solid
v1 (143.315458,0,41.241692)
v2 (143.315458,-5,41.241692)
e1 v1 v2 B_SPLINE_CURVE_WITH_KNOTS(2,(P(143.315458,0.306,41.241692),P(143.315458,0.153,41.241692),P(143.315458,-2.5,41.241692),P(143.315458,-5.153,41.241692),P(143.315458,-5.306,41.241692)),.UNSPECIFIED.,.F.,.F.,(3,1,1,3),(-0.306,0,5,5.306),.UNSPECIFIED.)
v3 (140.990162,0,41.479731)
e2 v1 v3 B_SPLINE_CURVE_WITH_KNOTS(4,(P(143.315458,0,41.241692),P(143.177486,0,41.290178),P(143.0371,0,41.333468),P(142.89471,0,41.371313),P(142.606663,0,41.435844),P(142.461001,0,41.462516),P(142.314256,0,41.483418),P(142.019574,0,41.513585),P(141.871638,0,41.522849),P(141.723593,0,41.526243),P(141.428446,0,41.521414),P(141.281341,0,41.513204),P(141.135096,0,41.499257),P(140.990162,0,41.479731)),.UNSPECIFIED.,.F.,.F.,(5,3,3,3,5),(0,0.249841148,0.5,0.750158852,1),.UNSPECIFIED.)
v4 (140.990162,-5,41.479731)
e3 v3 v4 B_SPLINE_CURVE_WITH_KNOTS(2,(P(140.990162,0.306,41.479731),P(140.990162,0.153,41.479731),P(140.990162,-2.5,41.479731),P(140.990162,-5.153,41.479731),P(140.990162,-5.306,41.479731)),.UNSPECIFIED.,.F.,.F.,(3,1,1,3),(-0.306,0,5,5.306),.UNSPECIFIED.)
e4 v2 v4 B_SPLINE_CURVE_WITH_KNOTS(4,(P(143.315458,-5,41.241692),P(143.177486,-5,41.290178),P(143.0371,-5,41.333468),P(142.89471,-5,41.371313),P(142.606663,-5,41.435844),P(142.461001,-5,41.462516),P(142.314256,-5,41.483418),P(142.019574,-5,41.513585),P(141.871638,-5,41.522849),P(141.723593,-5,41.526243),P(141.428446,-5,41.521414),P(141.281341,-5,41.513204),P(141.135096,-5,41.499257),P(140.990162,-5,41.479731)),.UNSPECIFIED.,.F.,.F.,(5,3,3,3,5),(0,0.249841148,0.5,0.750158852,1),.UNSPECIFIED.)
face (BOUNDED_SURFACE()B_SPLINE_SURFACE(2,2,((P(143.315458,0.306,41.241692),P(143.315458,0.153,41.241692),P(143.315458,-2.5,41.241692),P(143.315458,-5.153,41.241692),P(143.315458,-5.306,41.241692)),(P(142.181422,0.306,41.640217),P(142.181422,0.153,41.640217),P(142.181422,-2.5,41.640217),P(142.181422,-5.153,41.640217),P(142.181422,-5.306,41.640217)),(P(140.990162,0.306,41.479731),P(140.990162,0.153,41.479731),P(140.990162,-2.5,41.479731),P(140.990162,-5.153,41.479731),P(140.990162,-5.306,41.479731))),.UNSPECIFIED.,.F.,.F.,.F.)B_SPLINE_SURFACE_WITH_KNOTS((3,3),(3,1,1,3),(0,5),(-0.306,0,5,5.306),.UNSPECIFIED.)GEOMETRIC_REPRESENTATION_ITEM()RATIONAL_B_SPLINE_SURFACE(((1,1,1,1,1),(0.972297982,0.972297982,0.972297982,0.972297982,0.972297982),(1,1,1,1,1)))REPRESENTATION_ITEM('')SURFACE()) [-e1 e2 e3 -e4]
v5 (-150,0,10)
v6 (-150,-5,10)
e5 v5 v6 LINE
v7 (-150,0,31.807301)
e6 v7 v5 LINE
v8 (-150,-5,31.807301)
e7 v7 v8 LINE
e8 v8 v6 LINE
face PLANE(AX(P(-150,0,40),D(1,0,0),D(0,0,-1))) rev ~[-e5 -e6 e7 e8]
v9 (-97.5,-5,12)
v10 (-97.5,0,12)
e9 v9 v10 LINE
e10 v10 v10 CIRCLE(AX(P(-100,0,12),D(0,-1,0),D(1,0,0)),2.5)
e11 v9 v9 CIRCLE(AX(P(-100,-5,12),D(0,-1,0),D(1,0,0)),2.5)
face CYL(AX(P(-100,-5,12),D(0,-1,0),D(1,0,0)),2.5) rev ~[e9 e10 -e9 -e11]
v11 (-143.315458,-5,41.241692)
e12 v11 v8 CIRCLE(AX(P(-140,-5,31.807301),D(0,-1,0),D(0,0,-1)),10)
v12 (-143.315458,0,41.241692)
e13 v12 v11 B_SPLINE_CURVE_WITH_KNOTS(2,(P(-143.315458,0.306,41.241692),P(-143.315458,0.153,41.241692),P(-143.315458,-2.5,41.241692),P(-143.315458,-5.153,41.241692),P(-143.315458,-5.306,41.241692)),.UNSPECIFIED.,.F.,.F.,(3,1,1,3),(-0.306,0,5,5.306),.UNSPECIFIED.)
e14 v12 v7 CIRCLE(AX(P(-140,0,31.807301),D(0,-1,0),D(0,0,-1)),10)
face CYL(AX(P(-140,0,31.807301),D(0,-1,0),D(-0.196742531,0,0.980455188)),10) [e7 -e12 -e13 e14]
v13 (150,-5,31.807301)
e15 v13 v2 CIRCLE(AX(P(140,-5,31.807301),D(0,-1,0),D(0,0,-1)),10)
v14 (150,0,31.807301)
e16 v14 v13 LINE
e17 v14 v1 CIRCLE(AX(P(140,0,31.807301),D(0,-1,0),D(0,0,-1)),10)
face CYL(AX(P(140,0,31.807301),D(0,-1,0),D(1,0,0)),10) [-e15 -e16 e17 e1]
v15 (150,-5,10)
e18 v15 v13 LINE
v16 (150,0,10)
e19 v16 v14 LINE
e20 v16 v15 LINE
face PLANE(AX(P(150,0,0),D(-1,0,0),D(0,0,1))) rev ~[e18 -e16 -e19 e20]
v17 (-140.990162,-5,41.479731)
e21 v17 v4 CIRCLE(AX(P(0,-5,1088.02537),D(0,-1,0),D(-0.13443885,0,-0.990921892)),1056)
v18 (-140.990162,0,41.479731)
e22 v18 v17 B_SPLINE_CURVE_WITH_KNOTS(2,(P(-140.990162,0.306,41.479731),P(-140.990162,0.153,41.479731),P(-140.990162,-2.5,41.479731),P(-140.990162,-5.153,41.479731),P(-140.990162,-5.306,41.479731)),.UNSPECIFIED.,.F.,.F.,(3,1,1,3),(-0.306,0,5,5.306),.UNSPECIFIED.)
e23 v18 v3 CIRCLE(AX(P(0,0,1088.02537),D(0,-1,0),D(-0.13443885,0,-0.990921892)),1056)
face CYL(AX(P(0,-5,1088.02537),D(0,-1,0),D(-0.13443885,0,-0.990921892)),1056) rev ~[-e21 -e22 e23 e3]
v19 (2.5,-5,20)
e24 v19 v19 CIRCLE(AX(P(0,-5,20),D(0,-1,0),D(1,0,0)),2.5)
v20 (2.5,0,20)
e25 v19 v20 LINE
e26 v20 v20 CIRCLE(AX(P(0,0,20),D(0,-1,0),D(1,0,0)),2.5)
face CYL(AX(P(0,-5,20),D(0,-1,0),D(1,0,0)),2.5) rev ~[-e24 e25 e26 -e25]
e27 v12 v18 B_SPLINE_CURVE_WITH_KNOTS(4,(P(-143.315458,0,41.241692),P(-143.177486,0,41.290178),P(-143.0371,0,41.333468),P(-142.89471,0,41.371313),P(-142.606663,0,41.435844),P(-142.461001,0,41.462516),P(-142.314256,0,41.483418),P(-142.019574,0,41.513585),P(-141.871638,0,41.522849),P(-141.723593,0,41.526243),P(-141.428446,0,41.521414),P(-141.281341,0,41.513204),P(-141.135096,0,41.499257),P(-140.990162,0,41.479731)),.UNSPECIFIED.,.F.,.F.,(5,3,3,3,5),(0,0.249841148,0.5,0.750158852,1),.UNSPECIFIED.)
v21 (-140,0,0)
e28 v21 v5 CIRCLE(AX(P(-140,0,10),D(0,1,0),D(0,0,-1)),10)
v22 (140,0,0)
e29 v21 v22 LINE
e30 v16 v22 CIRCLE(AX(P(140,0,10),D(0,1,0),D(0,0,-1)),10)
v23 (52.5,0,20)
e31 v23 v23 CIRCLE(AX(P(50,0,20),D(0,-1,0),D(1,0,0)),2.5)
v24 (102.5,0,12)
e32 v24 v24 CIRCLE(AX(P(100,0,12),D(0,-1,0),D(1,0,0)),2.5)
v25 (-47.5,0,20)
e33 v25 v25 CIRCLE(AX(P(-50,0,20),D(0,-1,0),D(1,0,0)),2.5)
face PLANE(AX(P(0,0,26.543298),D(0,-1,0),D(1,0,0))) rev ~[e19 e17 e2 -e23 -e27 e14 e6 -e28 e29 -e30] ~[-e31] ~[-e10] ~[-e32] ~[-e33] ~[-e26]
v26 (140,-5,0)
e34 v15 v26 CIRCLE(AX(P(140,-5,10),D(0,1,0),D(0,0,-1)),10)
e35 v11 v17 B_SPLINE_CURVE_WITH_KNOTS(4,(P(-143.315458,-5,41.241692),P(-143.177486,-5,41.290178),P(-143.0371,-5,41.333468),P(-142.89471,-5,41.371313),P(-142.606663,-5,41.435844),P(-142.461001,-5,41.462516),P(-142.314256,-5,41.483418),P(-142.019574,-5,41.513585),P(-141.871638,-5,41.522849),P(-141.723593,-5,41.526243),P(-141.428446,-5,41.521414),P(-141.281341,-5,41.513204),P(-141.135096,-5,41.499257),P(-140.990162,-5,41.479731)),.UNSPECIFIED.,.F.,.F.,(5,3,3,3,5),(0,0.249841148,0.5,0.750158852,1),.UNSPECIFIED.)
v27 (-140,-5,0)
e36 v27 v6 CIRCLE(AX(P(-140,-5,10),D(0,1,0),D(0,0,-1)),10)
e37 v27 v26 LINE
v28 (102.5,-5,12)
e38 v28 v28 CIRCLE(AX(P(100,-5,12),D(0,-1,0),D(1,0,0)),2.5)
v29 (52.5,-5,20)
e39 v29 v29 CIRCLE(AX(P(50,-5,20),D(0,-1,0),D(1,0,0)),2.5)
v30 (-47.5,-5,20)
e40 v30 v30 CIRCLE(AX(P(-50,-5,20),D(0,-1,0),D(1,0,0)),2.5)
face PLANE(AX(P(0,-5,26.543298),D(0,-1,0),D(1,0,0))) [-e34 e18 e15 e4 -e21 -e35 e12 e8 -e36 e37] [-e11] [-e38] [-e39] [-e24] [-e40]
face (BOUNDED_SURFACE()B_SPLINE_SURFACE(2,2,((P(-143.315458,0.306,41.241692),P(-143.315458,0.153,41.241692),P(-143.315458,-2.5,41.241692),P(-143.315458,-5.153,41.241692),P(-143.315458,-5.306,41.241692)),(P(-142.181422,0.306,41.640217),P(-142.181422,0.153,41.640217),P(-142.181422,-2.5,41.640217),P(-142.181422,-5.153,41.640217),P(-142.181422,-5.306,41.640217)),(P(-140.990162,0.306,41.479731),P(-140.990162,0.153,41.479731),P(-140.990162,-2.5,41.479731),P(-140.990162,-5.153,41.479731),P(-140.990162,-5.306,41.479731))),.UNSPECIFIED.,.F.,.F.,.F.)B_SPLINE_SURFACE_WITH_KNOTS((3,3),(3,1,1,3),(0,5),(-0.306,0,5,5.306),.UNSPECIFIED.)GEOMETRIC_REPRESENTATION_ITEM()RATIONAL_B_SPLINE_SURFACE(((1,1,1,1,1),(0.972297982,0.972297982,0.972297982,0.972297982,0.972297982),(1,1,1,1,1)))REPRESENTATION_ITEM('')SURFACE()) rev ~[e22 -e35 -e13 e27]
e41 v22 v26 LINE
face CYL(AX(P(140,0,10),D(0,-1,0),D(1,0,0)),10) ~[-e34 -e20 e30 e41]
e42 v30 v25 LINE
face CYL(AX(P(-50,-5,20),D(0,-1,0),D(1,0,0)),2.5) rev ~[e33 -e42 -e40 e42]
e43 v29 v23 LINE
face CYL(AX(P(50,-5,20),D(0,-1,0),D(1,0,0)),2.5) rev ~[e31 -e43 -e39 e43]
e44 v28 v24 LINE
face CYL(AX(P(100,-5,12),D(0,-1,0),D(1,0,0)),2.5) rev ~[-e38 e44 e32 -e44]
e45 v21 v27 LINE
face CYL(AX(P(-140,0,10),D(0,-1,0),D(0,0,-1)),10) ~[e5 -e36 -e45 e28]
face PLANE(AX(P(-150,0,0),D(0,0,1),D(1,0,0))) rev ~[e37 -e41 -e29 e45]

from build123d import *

# Parameters (mm, degrees)
F1_DEPTH = 5
F2_R     = 10
F3_R     = 10
F4_R     = 2.5
F5_DEPTH = 25
F6_R     = 2.5
F7_DEPTH = 25
F9_DEPTH = 25
F10_R    = 5


with BuildPart() as f1:
    # F0 (on Front) → F1 (new body)
    with BuildSketch(Plane.XZ):
        with BuildLine():
            Line((-150, 0), (0, 0))
            Line((0, 0), (150, 0))
            Line((150, 0), (150, 40))
            Line((150, 40), (50.331140256, 60))
            ThreePointArc((50.331140256, 60), (25.289442854, 63.7469311095), (0, 65))
            ThreePointArc((0, 65), (-25.289442854, 63.7469311095), (-50.331140256, 60))
            Line((-50.331140256, 60), (-150, 40))
            Line((-150, 40), (-150, 0))
        make_face()
    extrude(amount=F1_DEPTH)

    # F2
    f2_edges = [f1.edges().sort_by_distance(p)[0] for p in [
        (150, -2.5, 40),
        (-150, -2.5, 40),
    ]]
    fillet(f2_edges, radius=F2_R)

    # F3
    f3_edges = [f1.edges().sort_by_distance(p)[0] for p in [
        (-150, -2.5, 0),
        (150, -2.5, 0),
    ]]
    fillet(f3_edges, radius=F3_R)

    # F4 (on face) → F5 (cut)
    with BuildSketch(Plane.XZ.offset(5)):
        with Locations((-50, 20)):
            Circle(F4_R)
        with Locations((50, 20)):
            Circle(F4_R)
        with Locations((0, 20)):
            Circle(F4_R)
    extrude(amount=-F5_DEPTH, mode=Mode.SUBTRACT)

    # F6 (on face) → F7 (cut)
    with BuildSketch(Plane.XZ.offset(5)):
        with Locations((-100, 12)):
            Circle(F6_R)
        with Locations((100, 12)):
            Circle(F6_R)
        with Locations((50, 20)):
            Circle(F6_R)
    extrude(amount=-F7_DEPTH, mode=Mode.SUBTRACT)

    # F8 (on face) → F9 (cut)
    with BuildSketch(Plane.XZ.offset(5)):
        with BuildLine():
            Line((-141.9674253139, 76.700784266), (-141.9674253139, 41.6118524295))
            Line((-141.9674253139, 41.6118524295), (-50.331140256, 60))
            ThreePointArc((-50.331140256, 60), (0, 65), (50.331140256, 60))
            Line((50.331140256, 60), (141.9674253139, 41.6118524295))
            Line((141.9674253139, 41.6118524295), (141.9674253139, 76.700784266))
            Line((141.9674253139, 76.700784266), (-141.9674253139, 76.700784266))
        make_face()
        with BuildLine():
            Line((-50.331140256, 60), (-141.9674253139, 41.6118524295))
            ThreePointArc((-141.9674253139, 41.6118524295), (0, 32.0253701889), (141.9674253139, 41.6118524295))
            Line((141.9674253139, 41.6118524295), (50.331140256, 60))
            ThreePointArc((50.331140256, 60), (0, 65), (-50.331140256, 60))
        make_face()
    extrude(amount=-F9_DEPTH, mode=Mode.SUBTRACT)

    # F10
    f10_edges = [f1.edges().sort_by_distance(p)[0] for p in [
        (-141.967425, -2.5, 41.611852),
        (141.967425, -2.5, 41.611852),
    ]]
    fillet(f10_edges, radius=F10_R)


solid = f1.part
